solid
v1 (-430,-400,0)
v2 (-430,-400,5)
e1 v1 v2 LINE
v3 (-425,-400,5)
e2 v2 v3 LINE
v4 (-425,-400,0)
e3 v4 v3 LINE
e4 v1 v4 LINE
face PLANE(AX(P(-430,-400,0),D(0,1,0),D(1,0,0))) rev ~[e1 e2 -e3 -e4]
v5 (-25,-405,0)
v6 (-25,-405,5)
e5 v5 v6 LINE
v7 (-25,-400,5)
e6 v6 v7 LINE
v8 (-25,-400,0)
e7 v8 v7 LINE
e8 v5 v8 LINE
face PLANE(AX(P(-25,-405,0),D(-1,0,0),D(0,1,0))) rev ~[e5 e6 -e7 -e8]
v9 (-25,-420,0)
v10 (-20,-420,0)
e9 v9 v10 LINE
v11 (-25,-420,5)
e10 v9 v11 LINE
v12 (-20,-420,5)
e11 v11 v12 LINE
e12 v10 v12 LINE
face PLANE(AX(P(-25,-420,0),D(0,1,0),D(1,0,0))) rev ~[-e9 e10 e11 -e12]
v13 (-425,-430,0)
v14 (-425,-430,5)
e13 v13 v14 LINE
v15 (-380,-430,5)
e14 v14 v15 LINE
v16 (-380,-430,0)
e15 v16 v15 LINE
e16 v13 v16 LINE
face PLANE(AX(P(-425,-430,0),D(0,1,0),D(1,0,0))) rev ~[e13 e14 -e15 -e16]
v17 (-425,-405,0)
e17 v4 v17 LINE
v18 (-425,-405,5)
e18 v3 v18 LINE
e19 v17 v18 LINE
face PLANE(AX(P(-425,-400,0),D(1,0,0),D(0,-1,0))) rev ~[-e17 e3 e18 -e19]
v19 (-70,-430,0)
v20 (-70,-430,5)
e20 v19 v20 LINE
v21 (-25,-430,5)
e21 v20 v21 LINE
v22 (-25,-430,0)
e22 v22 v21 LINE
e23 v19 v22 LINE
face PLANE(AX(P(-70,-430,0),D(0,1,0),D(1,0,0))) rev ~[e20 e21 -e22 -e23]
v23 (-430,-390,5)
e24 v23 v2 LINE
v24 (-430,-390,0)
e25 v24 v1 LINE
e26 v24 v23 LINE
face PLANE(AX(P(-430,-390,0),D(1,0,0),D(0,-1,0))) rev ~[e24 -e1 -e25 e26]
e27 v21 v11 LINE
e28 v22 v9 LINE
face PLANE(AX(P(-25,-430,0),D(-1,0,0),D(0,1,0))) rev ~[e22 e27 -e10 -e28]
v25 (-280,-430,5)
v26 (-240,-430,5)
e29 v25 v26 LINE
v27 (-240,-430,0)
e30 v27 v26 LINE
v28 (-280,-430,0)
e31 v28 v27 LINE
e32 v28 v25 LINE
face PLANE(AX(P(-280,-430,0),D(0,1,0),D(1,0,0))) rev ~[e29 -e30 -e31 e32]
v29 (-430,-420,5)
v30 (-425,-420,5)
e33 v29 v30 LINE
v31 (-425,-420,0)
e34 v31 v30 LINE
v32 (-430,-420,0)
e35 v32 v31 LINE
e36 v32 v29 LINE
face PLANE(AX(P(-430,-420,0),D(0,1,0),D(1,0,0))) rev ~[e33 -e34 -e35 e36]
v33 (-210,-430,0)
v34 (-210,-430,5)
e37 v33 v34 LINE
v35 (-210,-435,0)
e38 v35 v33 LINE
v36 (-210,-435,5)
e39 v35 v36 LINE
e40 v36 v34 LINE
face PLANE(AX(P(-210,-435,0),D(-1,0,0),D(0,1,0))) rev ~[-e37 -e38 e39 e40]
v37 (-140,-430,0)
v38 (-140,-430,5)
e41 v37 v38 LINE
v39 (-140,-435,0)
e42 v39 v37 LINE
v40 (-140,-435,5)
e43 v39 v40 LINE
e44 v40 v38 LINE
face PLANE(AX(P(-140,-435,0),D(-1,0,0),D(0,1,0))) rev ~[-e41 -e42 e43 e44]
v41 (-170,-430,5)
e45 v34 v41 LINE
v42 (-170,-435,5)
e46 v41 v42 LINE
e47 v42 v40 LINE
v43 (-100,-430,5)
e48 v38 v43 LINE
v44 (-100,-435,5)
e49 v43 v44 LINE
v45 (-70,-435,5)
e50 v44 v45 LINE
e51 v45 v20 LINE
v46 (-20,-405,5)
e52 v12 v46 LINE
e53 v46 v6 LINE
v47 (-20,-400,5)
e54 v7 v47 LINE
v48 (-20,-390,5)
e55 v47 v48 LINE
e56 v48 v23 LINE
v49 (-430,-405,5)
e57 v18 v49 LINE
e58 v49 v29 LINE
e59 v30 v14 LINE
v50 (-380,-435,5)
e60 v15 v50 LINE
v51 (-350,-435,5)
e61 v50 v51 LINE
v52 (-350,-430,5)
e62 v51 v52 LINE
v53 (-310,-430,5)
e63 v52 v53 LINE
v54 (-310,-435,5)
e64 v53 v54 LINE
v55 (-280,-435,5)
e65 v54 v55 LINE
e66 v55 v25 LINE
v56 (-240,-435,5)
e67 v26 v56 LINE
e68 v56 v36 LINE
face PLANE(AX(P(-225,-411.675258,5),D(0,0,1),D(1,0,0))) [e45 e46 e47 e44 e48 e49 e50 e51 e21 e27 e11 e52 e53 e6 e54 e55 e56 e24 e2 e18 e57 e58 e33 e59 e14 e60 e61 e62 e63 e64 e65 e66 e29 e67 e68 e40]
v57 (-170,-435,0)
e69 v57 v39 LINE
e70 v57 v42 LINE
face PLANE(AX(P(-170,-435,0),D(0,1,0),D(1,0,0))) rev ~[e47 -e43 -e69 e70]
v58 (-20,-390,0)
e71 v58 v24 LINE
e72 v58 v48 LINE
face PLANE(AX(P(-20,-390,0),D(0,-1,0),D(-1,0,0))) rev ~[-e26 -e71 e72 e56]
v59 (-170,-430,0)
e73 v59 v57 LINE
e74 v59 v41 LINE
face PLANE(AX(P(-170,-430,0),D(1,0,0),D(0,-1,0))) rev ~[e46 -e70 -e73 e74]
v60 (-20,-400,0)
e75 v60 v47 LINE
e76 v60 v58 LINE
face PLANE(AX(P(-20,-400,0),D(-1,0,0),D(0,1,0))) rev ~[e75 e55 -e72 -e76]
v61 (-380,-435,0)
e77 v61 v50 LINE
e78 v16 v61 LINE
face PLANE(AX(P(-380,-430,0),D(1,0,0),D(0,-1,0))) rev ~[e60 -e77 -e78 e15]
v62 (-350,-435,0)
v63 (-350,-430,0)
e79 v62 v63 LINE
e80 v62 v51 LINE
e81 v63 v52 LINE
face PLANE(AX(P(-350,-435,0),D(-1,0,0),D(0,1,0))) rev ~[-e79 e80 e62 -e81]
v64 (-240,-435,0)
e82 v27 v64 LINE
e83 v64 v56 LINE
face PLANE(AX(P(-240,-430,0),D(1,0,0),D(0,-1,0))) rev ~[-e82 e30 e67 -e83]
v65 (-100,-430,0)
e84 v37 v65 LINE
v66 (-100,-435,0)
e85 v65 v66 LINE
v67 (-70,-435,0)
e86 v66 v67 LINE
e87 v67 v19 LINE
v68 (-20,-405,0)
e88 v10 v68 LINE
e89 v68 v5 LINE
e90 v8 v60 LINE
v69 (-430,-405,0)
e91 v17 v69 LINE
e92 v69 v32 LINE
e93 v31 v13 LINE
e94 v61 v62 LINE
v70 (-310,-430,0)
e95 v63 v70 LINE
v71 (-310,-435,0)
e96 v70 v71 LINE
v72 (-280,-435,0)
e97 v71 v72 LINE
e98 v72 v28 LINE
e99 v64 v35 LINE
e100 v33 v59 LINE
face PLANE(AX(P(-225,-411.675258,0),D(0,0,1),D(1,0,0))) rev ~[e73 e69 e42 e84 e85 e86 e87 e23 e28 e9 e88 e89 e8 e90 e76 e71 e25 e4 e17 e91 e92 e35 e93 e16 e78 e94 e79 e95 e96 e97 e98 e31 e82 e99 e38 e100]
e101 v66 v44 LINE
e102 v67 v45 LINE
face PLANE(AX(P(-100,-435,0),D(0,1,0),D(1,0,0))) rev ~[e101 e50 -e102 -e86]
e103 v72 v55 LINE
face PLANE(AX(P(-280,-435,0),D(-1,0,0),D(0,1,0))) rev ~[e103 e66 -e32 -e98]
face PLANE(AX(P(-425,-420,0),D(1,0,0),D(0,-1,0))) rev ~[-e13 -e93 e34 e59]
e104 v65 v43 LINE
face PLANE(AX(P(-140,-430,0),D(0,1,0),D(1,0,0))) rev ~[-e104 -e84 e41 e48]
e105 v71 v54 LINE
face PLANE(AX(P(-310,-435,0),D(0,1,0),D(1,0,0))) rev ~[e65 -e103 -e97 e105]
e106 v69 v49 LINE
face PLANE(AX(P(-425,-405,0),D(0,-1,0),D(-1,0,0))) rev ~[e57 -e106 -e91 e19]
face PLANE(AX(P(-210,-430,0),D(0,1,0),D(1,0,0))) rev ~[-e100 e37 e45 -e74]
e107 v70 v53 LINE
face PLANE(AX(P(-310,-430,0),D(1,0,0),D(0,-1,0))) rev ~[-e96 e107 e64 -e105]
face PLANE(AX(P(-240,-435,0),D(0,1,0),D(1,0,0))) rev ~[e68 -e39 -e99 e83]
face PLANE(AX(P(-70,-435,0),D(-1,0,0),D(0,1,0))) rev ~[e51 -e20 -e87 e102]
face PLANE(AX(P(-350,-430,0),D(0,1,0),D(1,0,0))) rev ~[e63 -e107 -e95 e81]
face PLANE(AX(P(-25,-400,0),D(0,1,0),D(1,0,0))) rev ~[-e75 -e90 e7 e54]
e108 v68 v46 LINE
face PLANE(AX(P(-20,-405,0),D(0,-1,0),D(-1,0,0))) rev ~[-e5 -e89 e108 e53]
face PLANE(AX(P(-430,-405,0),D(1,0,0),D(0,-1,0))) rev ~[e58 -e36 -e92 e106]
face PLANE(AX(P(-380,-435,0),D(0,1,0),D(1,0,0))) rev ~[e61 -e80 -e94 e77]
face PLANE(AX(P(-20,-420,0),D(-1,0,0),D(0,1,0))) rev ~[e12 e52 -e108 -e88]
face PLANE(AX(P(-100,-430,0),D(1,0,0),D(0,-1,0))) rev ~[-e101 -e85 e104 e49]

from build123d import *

# Parameters (mm, degrees)
BOSS_EXTRUDE1_DEPTH = 5


with BuildPart() as part:
    # Sketch1 → Boss-Extrude1 (new body)
    with BuildSketch(Plane.XY):
        Polygon((-425, -420), (-425, -430), (-380, -430), (-380, -435), (-350, -435), (-350, -430), (-310, -430), (-310, -435), (-280, -435), (-280, -430), (-240, -430), (-240, -435), (-210, -435), (-210, -430), (-170, -430), (-170, -435), (-140, -435), (-140, -430), (-100, -430), (-100, -435), (-70, -435), (-70, -430), (-25, -430), (-25, -420), (-20, -420), (-20, -405), (-25, -405), (-25, -400), (-20, -400), (-20, -390), (-430, -390), (-430, -400), (-425, -400), (-425, -405), (-430, -405), (-430, -420), align=None)
    extrude(amount=BOSS_EXTRUDE1_DEPTH)


solid = part.part
